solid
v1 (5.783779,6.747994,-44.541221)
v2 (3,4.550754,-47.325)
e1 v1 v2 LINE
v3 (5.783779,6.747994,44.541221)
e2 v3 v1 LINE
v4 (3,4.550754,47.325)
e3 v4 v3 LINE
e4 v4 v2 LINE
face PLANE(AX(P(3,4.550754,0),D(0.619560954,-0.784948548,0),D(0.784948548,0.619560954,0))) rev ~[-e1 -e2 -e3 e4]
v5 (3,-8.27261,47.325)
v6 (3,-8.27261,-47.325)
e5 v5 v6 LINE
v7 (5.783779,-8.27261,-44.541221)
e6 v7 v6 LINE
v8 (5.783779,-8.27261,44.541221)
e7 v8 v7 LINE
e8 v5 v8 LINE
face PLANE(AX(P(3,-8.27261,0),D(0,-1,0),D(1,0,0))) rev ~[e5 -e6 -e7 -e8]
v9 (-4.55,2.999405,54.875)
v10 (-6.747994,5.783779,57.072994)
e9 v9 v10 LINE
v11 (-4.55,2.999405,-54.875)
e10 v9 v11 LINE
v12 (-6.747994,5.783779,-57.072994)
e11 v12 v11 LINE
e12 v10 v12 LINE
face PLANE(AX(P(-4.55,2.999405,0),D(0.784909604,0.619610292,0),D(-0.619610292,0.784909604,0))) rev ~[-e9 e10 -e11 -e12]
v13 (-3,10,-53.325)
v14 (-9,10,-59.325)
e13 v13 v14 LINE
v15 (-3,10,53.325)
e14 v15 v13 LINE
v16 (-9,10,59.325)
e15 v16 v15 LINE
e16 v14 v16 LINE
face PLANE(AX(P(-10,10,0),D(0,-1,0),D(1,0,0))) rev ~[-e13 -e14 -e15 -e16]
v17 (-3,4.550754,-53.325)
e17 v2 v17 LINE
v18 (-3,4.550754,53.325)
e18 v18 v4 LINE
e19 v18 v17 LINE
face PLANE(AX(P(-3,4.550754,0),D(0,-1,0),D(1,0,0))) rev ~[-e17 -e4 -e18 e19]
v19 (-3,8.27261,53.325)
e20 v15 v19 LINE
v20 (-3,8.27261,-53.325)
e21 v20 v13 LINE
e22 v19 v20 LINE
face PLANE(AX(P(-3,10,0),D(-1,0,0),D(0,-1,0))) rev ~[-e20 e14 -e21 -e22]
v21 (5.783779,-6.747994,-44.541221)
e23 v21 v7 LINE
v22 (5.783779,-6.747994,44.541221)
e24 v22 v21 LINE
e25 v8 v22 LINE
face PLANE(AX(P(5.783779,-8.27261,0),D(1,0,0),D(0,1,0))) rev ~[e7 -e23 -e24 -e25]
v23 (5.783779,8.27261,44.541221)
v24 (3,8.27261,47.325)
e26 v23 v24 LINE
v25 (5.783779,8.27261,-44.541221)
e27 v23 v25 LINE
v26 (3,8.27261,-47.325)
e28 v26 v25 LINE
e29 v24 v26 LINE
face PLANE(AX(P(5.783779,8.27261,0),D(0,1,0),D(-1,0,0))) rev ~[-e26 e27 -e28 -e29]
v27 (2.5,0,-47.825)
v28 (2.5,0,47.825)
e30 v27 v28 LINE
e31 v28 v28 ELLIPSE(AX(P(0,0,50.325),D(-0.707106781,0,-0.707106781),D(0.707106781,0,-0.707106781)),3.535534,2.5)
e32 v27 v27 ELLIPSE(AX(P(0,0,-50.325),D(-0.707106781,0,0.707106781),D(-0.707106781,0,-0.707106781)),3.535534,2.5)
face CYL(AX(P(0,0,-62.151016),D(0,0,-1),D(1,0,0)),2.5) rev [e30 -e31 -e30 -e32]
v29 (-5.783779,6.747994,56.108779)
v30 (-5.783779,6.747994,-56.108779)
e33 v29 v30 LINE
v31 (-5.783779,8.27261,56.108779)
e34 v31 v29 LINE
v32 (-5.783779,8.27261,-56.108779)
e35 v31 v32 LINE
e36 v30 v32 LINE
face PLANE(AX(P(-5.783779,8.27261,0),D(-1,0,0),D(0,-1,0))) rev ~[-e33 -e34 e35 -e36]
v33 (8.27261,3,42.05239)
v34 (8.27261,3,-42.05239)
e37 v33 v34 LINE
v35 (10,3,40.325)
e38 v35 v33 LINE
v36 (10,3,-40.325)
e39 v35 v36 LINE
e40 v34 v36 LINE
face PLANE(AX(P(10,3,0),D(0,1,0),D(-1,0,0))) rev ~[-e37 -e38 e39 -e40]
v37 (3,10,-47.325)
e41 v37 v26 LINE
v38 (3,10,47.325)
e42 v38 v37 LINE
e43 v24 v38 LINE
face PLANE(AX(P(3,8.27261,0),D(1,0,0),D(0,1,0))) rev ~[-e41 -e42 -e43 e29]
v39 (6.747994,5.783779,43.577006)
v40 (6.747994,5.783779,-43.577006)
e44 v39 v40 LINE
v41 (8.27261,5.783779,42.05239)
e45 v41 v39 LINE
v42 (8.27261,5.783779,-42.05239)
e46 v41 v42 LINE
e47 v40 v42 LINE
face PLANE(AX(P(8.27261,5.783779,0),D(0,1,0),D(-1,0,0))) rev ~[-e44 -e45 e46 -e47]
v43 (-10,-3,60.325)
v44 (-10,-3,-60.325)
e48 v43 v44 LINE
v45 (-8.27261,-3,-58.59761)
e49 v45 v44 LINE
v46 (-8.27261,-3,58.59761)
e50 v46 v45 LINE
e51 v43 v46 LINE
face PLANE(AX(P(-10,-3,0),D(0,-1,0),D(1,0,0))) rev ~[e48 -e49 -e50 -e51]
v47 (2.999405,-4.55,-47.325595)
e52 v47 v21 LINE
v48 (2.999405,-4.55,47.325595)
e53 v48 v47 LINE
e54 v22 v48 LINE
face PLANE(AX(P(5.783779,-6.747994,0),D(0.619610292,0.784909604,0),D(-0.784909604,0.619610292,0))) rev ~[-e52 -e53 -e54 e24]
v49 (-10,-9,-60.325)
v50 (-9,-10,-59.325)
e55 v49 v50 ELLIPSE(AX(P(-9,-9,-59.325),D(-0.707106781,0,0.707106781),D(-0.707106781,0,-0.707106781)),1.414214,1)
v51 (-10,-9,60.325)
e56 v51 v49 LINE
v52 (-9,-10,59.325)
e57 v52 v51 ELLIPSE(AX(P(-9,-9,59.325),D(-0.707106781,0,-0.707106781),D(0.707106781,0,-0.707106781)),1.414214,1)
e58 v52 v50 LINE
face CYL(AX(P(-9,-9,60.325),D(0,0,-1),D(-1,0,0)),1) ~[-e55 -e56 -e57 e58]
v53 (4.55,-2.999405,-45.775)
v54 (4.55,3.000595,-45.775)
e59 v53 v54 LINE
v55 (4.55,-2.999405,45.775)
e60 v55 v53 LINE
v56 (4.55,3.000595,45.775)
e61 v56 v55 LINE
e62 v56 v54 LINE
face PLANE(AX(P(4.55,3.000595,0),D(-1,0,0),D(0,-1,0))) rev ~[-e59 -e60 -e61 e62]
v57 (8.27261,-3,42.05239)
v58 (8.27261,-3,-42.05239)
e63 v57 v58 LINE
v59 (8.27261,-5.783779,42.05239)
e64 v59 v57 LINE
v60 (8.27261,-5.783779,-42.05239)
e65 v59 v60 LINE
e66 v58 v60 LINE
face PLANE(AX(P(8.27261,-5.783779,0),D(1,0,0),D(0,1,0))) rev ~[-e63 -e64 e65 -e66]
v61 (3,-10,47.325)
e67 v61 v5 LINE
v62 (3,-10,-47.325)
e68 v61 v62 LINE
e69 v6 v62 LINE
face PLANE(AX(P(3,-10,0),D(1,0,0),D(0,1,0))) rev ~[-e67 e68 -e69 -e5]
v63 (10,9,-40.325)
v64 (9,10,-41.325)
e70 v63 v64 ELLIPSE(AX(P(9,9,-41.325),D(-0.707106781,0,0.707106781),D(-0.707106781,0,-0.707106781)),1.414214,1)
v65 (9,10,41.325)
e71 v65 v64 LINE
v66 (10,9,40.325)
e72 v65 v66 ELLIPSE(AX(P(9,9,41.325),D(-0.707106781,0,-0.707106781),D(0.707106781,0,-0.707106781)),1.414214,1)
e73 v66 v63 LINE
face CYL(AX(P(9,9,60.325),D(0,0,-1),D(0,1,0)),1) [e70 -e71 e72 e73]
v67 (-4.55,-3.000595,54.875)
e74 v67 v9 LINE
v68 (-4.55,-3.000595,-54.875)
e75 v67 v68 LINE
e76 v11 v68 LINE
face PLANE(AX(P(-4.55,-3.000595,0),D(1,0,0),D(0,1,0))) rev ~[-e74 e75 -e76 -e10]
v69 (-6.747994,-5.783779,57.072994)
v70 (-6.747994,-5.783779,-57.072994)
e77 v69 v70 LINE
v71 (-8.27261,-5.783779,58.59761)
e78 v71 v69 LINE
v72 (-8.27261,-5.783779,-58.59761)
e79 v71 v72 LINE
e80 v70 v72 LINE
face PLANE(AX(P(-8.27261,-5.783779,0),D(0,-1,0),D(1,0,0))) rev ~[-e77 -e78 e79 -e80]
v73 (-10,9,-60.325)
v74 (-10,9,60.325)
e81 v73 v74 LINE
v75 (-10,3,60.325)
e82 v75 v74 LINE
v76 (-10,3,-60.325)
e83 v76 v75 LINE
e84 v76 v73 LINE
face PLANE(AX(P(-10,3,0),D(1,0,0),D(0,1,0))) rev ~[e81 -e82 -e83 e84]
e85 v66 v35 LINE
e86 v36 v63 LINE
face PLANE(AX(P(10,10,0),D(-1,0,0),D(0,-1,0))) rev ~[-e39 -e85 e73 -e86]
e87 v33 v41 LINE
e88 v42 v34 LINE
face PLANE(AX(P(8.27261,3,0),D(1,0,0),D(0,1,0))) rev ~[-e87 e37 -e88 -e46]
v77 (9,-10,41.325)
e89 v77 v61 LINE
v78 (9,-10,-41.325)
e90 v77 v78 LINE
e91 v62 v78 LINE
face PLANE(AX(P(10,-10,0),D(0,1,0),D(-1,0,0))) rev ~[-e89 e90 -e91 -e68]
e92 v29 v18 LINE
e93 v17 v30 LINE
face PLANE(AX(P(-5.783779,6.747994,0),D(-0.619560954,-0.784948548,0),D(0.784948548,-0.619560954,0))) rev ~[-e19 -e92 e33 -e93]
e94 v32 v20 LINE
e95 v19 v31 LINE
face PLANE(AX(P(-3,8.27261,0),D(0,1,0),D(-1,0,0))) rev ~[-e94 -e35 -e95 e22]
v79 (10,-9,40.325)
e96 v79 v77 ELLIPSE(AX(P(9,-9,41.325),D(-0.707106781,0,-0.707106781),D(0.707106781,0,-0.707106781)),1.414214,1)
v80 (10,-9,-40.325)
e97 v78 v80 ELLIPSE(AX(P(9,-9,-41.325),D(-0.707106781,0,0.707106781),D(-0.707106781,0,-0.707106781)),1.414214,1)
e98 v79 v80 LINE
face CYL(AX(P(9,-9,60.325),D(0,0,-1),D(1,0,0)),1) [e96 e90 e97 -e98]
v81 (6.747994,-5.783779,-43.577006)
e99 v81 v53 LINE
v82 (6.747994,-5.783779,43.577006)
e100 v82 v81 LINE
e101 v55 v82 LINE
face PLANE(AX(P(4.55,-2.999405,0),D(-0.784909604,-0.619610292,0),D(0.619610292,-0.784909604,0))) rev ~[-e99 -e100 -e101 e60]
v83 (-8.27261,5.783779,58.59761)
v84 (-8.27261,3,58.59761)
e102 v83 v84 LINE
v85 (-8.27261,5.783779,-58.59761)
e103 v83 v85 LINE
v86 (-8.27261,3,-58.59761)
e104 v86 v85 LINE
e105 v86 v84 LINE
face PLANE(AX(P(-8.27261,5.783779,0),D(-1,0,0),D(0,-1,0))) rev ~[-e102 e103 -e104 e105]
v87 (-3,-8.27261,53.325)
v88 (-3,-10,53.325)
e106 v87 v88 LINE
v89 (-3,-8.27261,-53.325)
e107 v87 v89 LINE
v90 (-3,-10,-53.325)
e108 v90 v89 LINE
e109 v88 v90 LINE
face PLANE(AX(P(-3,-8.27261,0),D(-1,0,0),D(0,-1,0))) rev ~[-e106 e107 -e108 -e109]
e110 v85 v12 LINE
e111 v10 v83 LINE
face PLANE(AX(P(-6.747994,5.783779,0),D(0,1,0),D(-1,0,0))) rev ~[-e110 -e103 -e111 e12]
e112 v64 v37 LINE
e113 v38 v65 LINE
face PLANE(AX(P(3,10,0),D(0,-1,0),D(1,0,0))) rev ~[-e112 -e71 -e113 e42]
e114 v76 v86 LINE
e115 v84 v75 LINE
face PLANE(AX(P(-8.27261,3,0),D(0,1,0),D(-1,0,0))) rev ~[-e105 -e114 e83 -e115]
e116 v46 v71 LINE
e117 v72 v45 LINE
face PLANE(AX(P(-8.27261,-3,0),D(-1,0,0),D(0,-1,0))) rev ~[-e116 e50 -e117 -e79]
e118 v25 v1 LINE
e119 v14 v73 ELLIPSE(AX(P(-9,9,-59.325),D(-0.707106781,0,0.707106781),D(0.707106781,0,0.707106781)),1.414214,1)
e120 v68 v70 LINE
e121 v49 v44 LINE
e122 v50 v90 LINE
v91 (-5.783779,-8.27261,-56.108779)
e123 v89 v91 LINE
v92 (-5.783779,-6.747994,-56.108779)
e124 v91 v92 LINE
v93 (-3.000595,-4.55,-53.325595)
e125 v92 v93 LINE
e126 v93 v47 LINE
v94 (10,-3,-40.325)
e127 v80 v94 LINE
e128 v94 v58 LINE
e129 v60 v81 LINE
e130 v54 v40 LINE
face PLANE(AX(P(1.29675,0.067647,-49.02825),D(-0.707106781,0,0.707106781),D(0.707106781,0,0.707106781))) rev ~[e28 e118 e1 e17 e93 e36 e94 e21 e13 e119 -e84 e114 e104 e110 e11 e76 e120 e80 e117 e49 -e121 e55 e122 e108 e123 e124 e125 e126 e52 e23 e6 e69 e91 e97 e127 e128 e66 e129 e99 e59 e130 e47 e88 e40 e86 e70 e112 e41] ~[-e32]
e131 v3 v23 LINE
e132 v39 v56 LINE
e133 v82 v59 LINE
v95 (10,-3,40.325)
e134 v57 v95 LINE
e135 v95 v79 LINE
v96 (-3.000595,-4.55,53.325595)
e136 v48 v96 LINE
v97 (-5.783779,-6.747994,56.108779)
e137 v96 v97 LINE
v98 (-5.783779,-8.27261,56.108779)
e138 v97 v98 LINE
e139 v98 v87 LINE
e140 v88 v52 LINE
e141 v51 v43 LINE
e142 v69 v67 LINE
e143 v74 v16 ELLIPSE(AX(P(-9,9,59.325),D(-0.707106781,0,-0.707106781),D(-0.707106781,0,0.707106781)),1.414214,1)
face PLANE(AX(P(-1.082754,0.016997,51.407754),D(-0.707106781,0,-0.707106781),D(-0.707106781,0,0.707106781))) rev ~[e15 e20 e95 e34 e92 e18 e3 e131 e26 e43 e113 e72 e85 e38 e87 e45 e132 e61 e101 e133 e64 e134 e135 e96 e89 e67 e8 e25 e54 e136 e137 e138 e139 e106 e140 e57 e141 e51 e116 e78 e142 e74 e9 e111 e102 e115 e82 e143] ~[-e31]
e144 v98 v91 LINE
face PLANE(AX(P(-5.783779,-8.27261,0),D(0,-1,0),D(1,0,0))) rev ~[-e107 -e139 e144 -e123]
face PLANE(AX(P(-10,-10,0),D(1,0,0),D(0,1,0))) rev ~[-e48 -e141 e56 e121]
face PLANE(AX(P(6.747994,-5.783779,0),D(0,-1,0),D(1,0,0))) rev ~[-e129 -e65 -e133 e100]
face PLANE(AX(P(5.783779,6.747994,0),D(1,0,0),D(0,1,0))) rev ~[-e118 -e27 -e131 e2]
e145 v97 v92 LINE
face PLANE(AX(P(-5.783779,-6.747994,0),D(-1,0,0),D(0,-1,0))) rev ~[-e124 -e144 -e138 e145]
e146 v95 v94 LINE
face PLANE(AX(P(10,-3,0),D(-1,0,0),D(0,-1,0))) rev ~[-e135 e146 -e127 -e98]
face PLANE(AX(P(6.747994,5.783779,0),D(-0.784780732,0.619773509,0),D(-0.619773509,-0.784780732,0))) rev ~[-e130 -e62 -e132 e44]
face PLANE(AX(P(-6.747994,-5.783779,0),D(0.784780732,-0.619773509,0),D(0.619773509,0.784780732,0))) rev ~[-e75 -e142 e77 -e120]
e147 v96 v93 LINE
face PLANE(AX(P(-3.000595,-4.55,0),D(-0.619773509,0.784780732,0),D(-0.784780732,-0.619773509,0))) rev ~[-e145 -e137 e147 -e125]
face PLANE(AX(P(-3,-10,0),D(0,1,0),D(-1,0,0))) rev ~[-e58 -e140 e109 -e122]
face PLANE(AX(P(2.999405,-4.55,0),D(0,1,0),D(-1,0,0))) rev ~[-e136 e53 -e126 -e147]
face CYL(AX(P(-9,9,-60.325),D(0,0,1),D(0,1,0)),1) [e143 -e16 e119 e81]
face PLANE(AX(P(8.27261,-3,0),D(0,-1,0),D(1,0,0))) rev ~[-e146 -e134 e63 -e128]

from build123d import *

# Parameters (mm, degrees)
BOSS_EXTRUDE1_DEPTH     = 60.325
CUT_EXTRUDE1_DEPTH      = 122.476016151
CUT_EXTRUDE1_DEPTH_BACK = 122.476016151
SKETCH2_R               = 2.5
FILLET1_R               = 1
SKETCH3_W               = 42.278906
SKETCH3_H               = 22
CUT_EXTRUDE2_DEPTH      = 93.975878928
SKETCH4_W               = 35
SKETCH4_H               = 22.104489803
CUT_EXTRUDE3_DEPTH      = 93.975878928


with BuildPart() as part:
    # Sketch1 → Boss-Extrude1 (new, symmetric)
    with BuildSketch(Plane.XY):
        Polygon((-10, 10), (-3, 10), (-3, 8.272610059), (-5.783778863, 8.272610059), (-5.783778863, 6.747994248), (-3, 4.550753814), (3, 4.550753814), (5.783778863, 6.747994248), (5.783778863, 8.272610059), (3, 8.272610059), (3, 10), (10, 10), (10, 3), (8.272610059, 3), (8.272610059, 5.783778863), (6.747994248, 5.783778863), (4.55, 3.000595152), (4.55, -2.999404848), (6.747994248, -5.783778863), (8.272610059, -5.783778863), (8.272610059, -3), (10, -3), (10, -10), (3, -10), (3, -8.272610059), (5.783778863, -8.272610059), (5.783778863, -6.747994248), (2.999404848, -4.55), (-3.000595152, -4.55), (-5.783778863, -6.747994248), (-5.783778863, -8.272610059), (-3, -8.272610059), (-3, -10), (-10, -10), (-10, -3), (-8.272610059, -3), (-8.272610059, -5.783778863), (-6.747994248, -5.783778863), (-4.55, -3.000595152), (-4.55, 2.999404848), (-6.747994248, 5.783778863), (-8.272610059, 5.783778863), (-8.272610059, 3), (-10, 3), align=None)
    extrude(amount=BOSS_EXTRUDE1_DEPTH, both=True)

    # Sketch2 → Cut-Extrude1 (cut, two sides: drawn at the far end of the back side and taken through both)
    with BuildSketch(Plane.XY.offset(60.325).offset(-CUT_EXTRUDE1_DEPTH_BACK)):
        Circle(SKETCH2_R)
    extrude(amount=CUT_EXTRUDE1_DEPTH + CUT_EXTRUDE1_DEPTH_BACK, mode=Mode.SUBTRACT)

    # Fillet1
    fillet1_edges = [part.edges().sort_by_distance(p)[0] for p in [
        (-10, 10, 0),
        (10, 10, 0),
        (10, -10, 0),
        (-10, -10, 0),
    ]]
    fillet(fillet1_edges, radius=FILLET1_R)

    # Sketch3 → Cut-Extrude2 (cut, through all)
    with BuildSketch(Plane(origin=(25.1625, 0, -25.1625), x_dir=(0.7071067811865477, 0, 0.7071067811865475), z_dir=(-0.7071067811865475, 0, 0.7071067811865477))):
        with Locations((-33.751267597, 0.067646977)):
            Rectangle(SKETCH3_W, SKETCH3_H)
    extrude(amount=-CUT_EXTRUDE2_DEPTH, mode=Mode.SUBTRACT)

    # Sketch4 → Cut-Extrude3 (cut, through all)
    with BuildSketch(Plane(origin=(25.1625, 0, 25.1625), x_dir=(-0.7071067811865477, 0, 0.7071067811865475), z_dir=(-0.7071067811865475, 0, -0.7071067811865477))):
        with Locations((37.116393961, 0.016996688)):
            Rectangle(SKETCH4_W, SKETCH4_H)
    extrude(amount=-CUT_EXTRUDE3_DEPTH, mode=Mode.SUBTRACT)


solid = part.part
